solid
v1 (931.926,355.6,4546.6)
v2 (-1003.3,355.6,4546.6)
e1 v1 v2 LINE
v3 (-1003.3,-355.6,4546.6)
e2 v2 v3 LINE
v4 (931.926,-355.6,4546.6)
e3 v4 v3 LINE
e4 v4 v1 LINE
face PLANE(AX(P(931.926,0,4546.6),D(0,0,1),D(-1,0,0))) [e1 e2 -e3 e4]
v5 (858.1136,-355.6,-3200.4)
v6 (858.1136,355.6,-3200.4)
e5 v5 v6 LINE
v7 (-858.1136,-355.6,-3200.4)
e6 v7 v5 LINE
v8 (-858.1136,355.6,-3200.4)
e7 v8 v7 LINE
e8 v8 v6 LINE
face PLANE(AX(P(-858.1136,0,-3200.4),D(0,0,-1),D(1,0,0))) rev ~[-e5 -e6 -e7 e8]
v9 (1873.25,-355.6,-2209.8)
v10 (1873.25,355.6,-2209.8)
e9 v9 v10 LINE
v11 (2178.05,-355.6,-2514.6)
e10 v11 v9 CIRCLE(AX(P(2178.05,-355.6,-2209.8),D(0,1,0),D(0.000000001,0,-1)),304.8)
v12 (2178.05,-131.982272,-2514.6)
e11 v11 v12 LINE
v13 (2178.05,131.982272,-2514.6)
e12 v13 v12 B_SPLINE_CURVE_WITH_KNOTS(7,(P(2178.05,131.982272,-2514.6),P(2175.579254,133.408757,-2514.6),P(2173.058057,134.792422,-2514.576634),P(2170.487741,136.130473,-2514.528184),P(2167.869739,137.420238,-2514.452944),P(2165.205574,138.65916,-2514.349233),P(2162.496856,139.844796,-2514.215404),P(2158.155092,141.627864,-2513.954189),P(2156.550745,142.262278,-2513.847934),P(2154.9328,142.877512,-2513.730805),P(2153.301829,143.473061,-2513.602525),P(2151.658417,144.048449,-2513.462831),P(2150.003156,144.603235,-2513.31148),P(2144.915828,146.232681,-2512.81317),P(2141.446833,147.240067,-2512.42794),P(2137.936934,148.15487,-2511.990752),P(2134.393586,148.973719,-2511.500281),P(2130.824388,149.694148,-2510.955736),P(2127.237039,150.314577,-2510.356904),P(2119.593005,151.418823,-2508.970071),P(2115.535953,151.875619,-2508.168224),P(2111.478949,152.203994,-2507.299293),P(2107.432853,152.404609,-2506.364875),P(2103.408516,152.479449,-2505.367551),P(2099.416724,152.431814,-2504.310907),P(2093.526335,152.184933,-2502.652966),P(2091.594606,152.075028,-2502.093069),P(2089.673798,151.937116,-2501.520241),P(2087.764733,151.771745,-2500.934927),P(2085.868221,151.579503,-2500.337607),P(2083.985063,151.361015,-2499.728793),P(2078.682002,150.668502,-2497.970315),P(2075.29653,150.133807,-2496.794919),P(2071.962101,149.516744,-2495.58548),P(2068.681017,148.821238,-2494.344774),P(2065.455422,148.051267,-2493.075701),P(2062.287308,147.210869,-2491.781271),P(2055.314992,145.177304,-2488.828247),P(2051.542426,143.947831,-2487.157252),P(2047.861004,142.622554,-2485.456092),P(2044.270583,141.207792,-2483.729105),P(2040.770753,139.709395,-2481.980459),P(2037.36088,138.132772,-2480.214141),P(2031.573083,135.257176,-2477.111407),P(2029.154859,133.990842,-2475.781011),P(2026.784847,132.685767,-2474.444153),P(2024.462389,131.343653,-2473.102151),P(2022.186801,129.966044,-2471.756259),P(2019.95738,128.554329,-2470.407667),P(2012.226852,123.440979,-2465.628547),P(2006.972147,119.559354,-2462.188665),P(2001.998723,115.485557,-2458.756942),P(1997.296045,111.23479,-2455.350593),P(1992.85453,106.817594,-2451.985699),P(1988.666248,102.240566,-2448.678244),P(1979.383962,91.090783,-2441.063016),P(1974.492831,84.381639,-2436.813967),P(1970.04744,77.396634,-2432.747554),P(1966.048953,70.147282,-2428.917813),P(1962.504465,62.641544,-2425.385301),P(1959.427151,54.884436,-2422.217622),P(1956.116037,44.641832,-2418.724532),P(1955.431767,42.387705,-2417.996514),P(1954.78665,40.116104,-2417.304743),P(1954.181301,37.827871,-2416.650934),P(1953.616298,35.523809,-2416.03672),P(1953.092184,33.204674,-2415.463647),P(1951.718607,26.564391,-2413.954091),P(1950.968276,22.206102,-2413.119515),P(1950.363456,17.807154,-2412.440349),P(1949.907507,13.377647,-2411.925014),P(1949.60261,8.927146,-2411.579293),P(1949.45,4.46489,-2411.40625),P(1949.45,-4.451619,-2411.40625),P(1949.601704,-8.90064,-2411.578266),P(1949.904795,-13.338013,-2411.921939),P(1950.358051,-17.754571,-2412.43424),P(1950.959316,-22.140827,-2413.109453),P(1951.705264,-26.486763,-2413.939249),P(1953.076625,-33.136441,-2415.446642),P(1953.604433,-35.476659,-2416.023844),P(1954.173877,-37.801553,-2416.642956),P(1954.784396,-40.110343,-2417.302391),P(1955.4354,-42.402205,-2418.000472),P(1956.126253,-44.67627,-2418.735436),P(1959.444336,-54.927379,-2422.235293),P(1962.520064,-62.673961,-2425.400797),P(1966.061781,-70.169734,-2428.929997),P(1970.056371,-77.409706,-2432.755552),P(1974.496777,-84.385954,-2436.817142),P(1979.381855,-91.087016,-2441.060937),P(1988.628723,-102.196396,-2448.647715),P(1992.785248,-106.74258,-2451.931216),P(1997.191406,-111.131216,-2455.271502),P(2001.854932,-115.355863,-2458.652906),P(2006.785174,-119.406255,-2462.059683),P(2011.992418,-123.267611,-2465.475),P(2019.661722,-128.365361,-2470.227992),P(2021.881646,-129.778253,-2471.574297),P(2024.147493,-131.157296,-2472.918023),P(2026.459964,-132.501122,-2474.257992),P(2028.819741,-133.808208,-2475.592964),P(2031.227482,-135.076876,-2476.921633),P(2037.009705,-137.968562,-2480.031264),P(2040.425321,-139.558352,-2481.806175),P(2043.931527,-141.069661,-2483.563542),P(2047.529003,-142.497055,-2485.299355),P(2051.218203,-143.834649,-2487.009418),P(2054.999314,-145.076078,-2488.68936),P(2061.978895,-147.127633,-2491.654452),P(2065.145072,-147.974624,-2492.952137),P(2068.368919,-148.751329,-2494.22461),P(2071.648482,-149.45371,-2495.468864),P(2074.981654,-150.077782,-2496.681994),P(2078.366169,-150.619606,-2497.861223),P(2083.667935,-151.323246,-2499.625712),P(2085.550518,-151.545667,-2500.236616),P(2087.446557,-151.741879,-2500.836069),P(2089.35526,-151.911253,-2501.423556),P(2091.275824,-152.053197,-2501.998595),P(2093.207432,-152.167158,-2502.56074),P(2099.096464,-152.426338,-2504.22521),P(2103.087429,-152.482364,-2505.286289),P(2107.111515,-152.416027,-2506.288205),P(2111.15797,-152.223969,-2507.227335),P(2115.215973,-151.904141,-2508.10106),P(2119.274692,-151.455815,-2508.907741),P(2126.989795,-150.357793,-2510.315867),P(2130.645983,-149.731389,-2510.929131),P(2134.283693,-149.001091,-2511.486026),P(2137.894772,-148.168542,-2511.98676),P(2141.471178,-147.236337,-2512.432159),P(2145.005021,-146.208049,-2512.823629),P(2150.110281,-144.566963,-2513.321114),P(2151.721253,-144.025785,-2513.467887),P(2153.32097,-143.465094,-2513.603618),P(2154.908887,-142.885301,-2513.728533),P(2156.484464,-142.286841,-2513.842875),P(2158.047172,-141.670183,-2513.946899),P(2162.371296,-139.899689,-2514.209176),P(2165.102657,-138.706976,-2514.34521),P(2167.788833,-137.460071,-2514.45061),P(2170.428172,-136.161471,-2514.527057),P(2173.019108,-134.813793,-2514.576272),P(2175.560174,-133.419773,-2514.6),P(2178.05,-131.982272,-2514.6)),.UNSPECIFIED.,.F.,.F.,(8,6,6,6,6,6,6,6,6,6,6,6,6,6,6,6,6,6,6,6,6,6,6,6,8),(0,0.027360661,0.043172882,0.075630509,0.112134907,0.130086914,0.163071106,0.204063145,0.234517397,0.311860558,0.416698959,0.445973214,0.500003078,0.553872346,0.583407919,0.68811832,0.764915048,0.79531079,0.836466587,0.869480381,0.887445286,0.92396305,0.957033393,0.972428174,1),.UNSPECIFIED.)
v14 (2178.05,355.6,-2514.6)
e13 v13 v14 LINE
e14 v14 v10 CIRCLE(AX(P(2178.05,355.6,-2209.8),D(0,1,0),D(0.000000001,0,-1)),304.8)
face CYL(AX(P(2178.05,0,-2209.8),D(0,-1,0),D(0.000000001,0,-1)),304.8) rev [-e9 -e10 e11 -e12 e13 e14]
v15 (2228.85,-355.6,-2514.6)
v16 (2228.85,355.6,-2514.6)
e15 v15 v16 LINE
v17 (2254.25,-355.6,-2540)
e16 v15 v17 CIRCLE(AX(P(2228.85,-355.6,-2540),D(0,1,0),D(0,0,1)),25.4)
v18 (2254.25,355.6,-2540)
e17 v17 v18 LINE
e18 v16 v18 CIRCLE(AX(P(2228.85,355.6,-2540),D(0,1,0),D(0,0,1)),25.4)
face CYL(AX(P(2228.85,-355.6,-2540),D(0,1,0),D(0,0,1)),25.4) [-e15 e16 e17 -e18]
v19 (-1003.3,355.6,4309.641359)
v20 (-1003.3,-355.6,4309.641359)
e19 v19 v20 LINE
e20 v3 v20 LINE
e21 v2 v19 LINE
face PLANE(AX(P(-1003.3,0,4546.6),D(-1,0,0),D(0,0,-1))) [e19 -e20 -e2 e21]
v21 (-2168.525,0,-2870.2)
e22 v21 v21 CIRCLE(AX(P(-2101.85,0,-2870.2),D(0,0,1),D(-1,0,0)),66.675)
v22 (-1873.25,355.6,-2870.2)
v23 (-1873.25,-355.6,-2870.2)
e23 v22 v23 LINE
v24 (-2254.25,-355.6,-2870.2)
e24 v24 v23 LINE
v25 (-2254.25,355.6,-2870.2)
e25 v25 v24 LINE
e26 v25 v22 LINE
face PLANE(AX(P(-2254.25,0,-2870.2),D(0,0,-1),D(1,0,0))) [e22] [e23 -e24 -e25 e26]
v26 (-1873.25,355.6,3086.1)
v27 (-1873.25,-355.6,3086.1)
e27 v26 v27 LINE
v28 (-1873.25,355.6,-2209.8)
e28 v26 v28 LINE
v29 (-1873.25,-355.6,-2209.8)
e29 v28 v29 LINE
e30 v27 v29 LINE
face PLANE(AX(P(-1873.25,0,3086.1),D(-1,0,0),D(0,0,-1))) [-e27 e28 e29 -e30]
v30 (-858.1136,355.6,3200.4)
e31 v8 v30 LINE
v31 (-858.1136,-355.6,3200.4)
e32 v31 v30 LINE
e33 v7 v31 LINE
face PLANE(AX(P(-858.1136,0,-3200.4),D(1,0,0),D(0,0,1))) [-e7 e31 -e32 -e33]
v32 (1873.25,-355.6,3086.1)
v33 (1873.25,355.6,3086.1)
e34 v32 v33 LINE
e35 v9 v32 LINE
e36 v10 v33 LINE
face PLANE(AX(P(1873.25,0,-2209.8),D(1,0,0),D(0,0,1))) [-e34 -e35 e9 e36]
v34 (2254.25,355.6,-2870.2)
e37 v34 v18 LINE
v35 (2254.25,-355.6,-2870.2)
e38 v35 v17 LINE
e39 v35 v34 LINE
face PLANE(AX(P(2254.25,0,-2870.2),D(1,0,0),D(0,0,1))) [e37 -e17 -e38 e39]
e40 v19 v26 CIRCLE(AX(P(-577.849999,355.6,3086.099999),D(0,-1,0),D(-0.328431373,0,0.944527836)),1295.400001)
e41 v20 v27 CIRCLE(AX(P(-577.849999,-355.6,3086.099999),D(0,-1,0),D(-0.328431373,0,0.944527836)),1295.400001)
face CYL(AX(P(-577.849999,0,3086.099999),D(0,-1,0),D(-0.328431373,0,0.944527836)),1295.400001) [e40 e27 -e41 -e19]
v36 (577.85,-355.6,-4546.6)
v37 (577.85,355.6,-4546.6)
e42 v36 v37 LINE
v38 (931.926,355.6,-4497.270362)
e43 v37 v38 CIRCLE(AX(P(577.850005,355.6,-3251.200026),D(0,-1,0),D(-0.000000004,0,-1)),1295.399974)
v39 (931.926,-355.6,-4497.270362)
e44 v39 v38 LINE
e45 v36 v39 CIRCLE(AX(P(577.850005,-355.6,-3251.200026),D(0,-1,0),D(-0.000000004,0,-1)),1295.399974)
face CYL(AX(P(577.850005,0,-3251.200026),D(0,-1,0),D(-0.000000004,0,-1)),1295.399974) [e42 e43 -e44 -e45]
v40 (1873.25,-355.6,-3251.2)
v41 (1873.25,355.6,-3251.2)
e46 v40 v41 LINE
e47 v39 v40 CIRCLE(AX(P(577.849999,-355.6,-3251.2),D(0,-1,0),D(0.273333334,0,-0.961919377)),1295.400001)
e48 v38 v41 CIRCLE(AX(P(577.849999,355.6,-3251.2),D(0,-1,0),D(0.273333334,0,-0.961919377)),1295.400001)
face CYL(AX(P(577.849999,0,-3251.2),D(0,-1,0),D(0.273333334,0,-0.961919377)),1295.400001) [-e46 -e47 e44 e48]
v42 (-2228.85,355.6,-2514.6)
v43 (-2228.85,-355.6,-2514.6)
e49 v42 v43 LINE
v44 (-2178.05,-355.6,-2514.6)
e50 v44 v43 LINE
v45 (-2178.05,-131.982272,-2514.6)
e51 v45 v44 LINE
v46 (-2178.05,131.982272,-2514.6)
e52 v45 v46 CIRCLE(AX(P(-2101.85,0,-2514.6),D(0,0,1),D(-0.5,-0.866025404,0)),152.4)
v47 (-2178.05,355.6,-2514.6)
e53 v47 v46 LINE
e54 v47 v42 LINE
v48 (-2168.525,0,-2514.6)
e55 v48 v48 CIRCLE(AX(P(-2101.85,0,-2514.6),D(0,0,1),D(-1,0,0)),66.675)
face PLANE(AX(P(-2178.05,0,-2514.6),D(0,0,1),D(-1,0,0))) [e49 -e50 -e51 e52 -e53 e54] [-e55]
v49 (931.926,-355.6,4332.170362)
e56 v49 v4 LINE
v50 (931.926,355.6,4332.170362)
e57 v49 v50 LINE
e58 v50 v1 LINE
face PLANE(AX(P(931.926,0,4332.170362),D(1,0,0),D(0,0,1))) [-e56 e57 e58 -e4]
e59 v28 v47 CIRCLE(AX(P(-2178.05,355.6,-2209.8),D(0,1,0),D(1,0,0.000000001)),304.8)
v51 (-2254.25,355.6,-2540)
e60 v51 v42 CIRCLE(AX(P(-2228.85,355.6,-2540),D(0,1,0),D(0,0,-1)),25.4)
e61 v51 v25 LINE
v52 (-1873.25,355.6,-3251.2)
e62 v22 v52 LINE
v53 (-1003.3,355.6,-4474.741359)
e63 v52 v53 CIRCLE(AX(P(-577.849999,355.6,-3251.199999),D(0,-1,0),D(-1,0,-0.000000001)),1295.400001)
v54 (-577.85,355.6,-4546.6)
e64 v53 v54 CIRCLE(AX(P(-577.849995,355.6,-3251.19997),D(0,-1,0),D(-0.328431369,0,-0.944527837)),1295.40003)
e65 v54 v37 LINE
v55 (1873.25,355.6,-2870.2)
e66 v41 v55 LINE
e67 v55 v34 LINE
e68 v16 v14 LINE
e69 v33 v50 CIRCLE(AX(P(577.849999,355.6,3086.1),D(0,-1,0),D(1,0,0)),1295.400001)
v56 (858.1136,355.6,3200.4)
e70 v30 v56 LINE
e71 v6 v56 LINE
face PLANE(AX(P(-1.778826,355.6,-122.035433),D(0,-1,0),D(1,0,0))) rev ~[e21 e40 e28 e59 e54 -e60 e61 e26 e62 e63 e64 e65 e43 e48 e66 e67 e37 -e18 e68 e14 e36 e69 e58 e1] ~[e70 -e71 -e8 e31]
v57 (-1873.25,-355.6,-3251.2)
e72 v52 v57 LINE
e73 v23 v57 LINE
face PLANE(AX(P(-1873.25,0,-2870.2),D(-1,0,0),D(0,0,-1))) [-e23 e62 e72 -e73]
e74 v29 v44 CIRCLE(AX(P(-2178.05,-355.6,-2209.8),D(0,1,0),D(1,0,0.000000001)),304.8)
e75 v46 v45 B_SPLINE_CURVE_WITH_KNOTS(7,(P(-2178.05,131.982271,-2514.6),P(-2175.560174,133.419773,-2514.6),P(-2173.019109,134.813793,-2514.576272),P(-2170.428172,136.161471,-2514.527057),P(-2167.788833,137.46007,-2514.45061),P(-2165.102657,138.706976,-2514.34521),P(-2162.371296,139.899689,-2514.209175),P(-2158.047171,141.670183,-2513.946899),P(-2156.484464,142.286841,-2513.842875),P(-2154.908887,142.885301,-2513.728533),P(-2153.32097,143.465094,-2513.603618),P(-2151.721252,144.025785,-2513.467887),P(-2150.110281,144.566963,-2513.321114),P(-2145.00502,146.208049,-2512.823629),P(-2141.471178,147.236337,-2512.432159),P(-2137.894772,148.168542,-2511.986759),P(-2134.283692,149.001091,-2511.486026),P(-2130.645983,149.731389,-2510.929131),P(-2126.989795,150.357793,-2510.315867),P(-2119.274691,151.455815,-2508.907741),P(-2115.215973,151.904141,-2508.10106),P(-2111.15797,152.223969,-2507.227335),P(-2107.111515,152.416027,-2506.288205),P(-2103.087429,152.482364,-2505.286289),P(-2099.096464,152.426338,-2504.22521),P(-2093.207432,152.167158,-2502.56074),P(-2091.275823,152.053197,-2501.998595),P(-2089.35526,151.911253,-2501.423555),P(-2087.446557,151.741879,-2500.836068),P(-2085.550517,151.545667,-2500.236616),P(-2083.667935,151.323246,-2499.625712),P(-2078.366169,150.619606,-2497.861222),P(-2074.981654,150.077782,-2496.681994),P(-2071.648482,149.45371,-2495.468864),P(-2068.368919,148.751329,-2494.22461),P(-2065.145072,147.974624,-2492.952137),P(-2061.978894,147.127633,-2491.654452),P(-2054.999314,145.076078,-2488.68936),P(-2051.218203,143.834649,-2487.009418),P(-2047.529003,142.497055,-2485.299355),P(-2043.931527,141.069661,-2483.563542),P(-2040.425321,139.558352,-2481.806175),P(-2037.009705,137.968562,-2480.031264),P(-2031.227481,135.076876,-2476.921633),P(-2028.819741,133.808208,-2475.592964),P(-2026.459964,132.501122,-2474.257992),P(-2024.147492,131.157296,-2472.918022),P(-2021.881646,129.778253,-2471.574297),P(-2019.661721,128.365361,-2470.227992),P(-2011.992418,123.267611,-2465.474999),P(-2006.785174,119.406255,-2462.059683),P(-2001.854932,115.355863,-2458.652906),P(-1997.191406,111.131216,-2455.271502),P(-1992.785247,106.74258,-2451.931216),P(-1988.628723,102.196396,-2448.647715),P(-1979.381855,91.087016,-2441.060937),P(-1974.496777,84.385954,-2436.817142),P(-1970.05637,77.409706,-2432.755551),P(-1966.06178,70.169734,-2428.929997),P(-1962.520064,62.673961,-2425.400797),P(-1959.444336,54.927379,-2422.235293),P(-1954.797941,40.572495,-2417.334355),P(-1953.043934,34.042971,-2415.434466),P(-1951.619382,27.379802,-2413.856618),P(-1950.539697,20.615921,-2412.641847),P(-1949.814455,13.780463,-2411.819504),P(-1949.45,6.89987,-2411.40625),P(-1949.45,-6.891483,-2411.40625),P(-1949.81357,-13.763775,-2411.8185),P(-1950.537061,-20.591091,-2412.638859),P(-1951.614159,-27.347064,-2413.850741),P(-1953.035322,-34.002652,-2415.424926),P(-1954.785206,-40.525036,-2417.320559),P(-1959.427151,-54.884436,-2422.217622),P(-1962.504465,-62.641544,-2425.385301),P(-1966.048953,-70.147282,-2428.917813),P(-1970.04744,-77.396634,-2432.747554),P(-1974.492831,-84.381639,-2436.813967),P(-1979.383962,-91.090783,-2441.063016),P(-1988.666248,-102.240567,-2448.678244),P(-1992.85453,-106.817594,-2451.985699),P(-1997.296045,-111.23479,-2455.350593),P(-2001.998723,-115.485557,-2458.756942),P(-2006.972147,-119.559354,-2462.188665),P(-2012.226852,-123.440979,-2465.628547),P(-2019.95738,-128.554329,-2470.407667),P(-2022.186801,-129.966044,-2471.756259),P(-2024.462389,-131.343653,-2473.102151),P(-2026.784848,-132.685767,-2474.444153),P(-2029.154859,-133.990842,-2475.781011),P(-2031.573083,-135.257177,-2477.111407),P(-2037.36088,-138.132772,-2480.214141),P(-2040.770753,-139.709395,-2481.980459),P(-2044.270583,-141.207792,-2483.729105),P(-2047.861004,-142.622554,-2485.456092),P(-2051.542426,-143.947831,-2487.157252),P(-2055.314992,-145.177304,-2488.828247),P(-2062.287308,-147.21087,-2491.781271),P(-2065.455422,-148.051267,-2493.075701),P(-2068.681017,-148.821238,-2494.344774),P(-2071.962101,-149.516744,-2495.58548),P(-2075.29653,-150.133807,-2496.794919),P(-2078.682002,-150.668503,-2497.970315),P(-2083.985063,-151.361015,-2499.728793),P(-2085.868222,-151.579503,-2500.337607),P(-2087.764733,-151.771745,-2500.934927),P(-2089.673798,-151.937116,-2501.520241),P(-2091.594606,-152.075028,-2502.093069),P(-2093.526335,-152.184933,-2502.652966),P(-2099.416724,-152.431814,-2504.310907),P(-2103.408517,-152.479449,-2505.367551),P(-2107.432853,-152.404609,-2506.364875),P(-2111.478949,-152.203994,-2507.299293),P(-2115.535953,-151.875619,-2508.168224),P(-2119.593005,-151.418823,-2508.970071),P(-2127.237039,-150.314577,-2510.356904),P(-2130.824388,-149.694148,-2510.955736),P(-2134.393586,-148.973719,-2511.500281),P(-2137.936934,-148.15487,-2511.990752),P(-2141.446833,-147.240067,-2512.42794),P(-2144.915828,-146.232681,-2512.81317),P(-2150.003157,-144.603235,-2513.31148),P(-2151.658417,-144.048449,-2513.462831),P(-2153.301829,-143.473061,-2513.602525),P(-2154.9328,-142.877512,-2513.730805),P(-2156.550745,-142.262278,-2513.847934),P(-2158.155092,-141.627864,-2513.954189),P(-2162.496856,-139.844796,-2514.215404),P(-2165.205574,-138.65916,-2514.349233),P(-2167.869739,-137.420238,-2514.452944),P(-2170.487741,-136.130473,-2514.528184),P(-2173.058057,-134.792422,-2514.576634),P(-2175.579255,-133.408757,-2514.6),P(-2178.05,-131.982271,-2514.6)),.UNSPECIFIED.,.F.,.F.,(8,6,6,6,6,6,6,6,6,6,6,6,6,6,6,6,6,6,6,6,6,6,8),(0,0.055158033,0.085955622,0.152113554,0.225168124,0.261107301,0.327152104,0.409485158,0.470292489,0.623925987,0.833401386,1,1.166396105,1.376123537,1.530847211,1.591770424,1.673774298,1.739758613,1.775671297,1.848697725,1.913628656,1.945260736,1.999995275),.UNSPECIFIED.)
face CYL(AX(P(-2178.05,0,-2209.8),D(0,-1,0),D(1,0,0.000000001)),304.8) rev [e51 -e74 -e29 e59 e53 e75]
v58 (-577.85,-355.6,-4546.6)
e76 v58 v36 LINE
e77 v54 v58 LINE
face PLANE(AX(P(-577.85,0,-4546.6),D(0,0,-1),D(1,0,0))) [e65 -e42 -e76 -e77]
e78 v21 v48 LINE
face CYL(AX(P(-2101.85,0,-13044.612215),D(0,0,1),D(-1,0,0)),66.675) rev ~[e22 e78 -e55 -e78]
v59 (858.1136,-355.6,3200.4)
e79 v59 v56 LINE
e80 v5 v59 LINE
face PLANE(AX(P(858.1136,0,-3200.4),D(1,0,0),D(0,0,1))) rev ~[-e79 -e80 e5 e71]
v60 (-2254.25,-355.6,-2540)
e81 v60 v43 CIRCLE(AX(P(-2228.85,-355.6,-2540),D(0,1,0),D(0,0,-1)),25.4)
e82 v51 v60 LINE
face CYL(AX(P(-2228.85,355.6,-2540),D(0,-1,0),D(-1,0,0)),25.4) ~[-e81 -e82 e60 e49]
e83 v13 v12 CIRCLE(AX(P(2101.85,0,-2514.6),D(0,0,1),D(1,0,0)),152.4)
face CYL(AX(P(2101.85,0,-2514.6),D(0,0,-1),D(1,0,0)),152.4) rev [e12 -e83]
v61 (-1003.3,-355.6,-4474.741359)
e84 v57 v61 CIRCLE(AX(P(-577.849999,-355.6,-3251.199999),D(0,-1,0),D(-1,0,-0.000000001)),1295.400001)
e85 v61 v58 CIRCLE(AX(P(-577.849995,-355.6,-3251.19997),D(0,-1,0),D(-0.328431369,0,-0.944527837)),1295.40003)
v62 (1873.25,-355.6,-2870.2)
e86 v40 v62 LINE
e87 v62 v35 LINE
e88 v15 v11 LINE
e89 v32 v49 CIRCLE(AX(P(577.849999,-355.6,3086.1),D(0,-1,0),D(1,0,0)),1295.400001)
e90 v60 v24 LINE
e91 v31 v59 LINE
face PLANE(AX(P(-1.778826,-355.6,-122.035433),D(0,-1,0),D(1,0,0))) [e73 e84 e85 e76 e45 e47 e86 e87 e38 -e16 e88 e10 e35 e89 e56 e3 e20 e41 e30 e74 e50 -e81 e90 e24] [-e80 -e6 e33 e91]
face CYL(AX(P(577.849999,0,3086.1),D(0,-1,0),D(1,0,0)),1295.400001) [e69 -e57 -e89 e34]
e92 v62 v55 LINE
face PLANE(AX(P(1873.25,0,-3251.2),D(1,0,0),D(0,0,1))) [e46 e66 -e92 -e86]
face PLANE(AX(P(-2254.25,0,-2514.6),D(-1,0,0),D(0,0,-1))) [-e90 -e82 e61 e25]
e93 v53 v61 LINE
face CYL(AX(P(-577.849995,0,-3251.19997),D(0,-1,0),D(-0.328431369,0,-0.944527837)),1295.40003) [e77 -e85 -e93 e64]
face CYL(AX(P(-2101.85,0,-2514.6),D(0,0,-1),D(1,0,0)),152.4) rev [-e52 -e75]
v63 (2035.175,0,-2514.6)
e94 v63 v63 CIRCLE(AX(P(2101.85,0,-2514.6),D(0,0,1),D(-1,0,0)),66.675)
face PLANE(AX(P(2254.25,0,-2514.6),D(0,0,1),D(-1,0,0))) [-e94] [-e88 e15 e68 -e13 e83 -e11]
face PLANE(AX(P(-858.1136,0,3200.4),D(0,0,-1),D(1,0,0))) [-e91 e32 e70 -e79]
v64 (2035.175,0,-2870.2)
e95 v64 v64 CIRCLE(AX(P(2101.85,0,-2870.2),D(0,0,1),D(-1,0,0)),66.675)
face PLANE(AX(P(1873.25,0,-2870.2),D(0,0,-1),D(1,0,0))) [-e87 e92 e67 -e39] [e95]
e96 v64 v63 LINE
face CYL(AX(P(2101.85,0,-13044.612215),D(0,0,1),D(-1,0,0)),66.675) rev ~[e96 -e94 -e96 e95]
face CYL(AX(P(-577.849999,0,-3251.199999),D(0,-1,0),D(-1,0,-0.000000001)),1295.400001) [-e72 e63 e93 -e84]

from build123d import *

# Parameters (mm, degrees)
F0_W     = 1716.2272
F0_H     = 6400.8
F1_DEPTH = 355.6
F2_R     = 25.4
F4_D     = 133.35
F5_R     = 152.4
F6_DEPTH = 7061.201


with BuildPart() as f1:
    # F0 (on Front) → F1 (new body, symmetric)
    with BuildSketch(Plane.XZ):
        with BuildLine():
            Line((931.926, 4546.6), (-1003.3, 4546.6))
            Line((-1003.3, 4546.6), (-1003.3, 4309.641359))
            ThreePointArc((-1003.3, 4309.641359), (-1633.593598, 3836.744133), (-1873.25, 3086.1))
            Line((-1873.25, 3086.1), (-1873.25, -2209.8))
            ThreePointArc((-1873.25, -2209.8), (-1962.523853, -2425.326147), (-2178.05, -2514.6))
            Line((-2178.05, -2514.6), (-2254.25, -2514.6))
            Line((-2254.25, -2514.6), (-2254.25, -2870.2))
            Line((-2254.25, -2870.2), (-1873.25, -2870.2))
            Line((-1873.25, -2870.2), (-1873.25, -3251.2))
            ThreePointArc((-1873.25, -3251.2), (-1633.593598, -4001.844133), (-1003.3, -4474.741359))
            ThreePointArc((-1003.3, -4474.741359), (-793.5879, -4528.509014), (-577.85, -4546.6))
            Line((-577.85, -4546.6), (577.85, -4546.6))
            ThreePointArc((577.85, -4546.6), (756.597886, -4534.208322), (931.926, -4497.270362))
            ThreePointArc((931.926, -4497.270362), (1611.467727, -4032.030042), (1873.25, -3251.2))
            Line((1873.25, -3251.2), (1873.25, -2870.2))
            Line((1873.25, -2870.2), (2254.25, -2870.2))
            Line((2254.25, -2870.2), (2254.25, -2514.6))
            Line((2254.25, -2514.6), (2178.05, -2514.6))
            ThreePointArc((2178.05, -2514.6), (1962.523853, -2425.326147), (1873.25, -2209.8))
            Line((1873.25, -2209.8), (1873.25, 3086.1))
            ThreePointArc((1873.25, 3086.1), (1611.467727, 3866.930042), (931.926, 4332.170362))
            Line((931.926, 4332.170362), (931.926, 4546.6))
        make_face()
        Rectangle(F0_W, F0_H, mode=Mode.SUBTRACT)
    extrude(amount=F1_DEPTH, both=True)

    # F2
    f2_edges = [f1.edges().sort_by_distance(p)[0] for p in [
        (2254.25, 177.8, -2514.6),
        (-2254.25, 177.8, -2514.6),
    ]]
    fillet(f2_edges, radius=F2_R)

    # F4 (through all)
    with Locations(Plane(origin=(0, 0, -2870.2), x_dir=(1, 0, 0), z_dir=(0, 0, -1))):
        with Locations((-2101.85, 0), (2101.85, 0)):
            Hole(F4_D / 2)

    # F5 (on face) → F6 (cut, through all)
    with BuildSketch(Plane.XY.offset(-2514.6)):
        with Locations((-2101.85, 0)):
            Circle(F5_R)
        with Locations((2101.85, 0)):
            Circle(F5_R)
    extrude(amount=F6_DEPTH, mode=Mode.SUBTRACT)


solid = f1.part
